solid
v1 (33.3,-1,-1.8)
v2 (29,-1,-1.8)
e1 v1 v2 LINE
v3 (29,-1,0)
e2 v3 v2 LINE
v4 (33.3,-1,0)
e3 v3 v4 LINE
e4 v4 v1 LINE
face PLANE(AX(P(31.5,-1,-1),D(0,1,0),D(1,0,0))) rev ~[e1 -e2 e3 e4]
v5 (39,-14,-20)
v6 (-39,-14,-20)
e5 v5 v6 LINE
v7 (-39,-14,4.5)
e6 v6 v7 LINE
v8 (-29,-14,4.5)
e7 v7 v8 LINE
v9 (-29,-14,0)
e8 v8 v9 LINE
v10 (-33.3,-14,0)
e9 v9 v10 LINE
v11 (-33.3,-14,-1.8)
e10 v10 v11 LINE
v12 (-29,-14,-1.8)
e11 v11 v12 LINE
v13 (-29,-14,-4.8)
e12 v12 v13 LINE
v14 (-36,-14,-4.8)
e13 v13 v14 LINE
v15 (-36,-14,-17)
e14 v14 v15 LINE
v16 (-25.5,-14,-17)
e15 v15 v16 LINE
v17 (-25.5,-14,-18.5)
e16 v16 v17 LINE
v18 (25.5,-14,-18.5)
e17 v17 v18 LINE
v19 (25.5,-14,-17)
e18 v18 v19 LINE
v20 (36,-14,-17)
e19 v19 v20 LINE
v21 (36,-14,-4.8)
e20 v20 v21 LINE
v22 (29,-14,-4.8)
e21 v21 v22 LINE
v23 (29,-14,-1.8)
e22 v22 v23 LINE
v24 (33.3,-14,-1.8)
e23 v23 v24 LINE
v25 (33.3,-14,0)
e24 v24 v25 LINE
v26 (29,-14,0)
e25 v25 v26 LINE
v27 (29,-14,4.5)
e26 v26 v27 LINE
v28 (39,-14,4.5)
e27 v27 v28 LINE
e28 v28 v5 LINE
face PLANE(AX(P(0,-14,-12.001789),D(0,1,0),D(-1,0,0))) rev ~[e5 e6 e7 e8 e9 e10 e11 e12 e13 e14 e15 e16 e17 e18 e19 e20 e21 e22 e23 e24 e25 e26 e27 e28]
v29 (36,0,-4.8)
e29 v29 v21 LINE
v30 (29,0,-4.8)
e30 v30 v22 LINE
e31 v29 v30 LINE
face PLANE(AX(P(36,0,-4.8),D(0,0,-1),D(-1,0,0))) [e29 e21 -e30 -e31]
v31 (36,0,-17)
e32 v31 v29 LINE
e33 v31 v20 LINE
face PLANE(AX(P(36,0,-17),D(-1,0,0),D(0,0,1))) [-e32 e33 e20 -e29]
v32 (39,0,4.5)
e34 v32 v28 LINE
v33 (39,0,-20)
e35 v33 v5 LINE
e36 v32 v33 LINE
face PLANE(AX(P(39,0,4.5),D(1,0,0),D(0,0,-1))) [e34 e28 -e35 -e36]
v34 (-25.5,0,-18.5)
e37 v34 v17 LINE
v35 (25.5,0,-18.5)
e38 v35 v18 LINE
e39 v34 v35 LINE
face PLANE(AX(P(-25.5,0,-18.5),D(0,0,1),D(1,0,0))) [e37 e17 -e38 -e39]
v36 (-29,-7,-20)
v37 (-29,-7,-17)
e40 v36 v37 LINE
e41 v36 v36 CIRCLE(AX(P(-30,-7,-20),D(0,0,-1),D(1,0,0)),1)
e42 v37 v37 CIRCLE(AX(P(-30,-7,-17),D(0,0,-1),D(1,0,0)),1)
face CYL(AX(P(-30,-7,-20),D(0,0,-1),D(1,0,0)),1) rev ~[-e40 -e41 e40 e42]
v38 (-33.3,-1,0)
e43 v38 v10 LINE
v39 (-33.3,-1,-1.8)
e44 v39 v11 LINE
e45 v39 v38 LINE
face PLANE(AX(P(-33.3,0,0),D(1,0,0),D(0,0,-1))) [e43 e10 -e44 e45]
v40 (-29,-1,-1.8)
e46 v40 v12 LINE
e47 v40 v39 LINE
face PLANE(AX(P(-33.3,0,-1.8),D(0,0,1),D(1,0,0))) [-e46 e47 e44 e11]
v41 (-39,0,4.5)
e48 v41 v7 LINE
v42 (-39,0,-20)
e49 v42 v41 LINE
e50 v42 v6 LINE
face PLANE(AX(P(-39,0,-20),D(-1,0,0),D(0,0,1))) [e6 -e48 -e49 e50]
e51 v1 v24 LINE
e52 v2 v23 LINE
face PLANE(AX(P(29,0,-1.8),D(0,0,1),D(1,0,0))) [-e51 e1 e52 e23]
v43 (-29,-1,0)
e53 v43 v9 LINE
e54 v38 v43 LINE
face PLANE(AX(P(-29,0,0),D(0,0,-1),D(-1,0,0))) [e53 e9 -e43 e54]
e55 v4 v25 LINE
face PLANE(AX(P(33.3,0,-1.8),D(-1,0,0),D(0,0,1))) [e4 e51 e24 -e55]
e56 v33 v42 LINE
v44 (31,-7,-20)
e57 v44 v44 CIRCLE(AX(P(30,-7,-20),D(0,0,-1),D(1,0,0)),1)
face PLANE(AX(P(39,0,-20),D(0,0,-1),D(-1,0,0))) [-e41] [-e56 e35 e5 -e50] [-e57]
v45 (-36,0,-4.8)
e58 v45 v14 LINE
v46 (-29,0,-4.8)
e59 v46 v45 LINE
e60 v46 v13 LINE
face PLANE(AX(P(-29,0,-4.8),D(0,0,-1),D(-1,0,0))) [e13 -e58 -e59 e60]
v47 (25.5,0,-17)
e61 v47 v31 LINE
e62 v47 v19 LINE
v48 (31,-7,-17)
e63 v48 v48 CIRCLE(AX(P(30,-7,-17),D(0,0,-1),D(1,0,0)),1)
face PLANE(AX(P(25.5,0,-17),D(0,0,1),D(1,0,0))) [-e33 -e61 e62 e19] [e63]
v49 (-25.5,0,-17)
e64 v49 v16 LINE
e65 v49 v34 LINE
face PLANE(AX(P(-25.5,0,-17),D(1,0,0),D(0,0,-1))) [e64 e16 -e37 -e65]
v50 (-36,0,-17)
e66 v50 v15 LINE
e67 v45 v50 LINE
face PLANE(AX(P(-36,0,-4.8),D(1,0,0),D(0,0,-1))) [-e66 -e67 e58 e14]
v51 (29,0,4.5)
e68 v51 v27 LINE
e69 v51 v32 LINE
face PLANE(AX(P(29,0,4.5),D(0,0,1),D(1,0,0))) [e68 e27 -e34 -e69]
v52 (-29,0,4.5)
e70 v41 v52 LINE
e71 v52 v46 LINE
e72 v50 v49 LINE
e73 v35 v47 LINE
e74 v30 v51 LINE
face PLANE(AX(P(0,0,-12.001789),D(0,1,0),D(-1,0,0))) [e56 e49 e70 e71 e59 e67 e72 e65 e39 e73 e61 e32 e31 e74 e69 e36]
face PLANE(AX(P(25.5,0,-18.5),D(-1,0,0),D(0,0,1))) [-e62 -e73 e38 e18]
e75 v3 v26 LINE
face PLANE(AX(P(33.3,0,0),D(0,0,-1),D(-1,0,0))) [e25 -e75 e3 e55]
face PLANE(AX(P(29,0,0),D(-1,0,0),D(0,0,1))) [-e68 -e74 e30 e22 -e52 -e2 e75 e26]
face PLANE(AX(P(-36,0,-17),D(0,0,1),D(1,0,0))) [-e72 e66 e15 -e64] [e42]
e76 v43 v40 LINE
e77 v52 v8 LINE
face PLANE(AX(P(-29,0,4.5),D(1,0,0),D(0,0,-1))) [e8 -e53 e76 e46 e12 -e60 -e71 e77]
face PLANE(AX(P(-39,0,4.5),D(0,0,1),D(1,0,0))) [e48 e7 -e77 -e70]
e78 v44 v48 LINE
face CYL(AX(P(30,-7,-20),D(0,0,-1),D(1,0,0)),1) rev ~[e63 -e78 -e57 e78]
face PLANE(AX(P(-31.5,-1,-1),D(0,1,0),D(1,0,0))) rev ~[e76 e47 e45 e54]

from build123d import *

# Parameters (mm, degrees)
PAD_DEPTH    = 14
SKETCH001_R  = 1
POCKET_DEPTH = 5
SKETCH002_W  = 5
SKETCH002_H  = 3
PAD001_DEPTH = 1


with BuildPart() as part:
    # Sketch → Pad (new body)
    with BuildSketch(Plane.XZ):
        Polygon((-33.3, 0), (-33.3, -1.8), (-29, -1.8), (-29, -4.8), (-36, -4.8), (-36, -17), (-25.5, -17), (-25.5, -18.5), (25.5, -18.5), (25.5, -17), (36, -17), (36, -4.8), (29, -4.8), (29, -1.8), (33.3, -1.8), (33.3, 0), (29, 0), (29, 4.5), (39, 4.5), (39, -20), (-39, -20), (-39, 4.5), (-29, 4.5), (-29, 0), align=None)
    extrude(amount=PAD_DEPTH)

    # Sketch001 (on Face21 of Pad) → Pocket (cut)
    with BuildSketch(Plane(origin=(0, 0, -20), x_dir=(1, 0, 0), z_dir=(0, 0, -1))):
        with Locations((-30, 7)):
            Circle(SKETCH001_R)
        with Locations((30, 7)):
            Circle(SKETCH001_R)
    extrude(amount=-POCKET_DEPTH, mode=Mode.SUBTRACT)

    # Sketch002 (on Face4 of Pocket) → Pad001 (join)
    with BuildSketch(Plane(origin=(0, 0, 0), x_dir=(1, 0, 0), z_dir=(0, 1, 0))):
        with Locations((-31.5, 1)):
            Rectangle(SKETCH002_W, SKETCH002_H)
        with Locations((31.5, 1)):
            Rectangle(SKETCH002_W, SKETCH002_H)
    extrude(amount=-PAD001_DEPTH)


solid = part.part
